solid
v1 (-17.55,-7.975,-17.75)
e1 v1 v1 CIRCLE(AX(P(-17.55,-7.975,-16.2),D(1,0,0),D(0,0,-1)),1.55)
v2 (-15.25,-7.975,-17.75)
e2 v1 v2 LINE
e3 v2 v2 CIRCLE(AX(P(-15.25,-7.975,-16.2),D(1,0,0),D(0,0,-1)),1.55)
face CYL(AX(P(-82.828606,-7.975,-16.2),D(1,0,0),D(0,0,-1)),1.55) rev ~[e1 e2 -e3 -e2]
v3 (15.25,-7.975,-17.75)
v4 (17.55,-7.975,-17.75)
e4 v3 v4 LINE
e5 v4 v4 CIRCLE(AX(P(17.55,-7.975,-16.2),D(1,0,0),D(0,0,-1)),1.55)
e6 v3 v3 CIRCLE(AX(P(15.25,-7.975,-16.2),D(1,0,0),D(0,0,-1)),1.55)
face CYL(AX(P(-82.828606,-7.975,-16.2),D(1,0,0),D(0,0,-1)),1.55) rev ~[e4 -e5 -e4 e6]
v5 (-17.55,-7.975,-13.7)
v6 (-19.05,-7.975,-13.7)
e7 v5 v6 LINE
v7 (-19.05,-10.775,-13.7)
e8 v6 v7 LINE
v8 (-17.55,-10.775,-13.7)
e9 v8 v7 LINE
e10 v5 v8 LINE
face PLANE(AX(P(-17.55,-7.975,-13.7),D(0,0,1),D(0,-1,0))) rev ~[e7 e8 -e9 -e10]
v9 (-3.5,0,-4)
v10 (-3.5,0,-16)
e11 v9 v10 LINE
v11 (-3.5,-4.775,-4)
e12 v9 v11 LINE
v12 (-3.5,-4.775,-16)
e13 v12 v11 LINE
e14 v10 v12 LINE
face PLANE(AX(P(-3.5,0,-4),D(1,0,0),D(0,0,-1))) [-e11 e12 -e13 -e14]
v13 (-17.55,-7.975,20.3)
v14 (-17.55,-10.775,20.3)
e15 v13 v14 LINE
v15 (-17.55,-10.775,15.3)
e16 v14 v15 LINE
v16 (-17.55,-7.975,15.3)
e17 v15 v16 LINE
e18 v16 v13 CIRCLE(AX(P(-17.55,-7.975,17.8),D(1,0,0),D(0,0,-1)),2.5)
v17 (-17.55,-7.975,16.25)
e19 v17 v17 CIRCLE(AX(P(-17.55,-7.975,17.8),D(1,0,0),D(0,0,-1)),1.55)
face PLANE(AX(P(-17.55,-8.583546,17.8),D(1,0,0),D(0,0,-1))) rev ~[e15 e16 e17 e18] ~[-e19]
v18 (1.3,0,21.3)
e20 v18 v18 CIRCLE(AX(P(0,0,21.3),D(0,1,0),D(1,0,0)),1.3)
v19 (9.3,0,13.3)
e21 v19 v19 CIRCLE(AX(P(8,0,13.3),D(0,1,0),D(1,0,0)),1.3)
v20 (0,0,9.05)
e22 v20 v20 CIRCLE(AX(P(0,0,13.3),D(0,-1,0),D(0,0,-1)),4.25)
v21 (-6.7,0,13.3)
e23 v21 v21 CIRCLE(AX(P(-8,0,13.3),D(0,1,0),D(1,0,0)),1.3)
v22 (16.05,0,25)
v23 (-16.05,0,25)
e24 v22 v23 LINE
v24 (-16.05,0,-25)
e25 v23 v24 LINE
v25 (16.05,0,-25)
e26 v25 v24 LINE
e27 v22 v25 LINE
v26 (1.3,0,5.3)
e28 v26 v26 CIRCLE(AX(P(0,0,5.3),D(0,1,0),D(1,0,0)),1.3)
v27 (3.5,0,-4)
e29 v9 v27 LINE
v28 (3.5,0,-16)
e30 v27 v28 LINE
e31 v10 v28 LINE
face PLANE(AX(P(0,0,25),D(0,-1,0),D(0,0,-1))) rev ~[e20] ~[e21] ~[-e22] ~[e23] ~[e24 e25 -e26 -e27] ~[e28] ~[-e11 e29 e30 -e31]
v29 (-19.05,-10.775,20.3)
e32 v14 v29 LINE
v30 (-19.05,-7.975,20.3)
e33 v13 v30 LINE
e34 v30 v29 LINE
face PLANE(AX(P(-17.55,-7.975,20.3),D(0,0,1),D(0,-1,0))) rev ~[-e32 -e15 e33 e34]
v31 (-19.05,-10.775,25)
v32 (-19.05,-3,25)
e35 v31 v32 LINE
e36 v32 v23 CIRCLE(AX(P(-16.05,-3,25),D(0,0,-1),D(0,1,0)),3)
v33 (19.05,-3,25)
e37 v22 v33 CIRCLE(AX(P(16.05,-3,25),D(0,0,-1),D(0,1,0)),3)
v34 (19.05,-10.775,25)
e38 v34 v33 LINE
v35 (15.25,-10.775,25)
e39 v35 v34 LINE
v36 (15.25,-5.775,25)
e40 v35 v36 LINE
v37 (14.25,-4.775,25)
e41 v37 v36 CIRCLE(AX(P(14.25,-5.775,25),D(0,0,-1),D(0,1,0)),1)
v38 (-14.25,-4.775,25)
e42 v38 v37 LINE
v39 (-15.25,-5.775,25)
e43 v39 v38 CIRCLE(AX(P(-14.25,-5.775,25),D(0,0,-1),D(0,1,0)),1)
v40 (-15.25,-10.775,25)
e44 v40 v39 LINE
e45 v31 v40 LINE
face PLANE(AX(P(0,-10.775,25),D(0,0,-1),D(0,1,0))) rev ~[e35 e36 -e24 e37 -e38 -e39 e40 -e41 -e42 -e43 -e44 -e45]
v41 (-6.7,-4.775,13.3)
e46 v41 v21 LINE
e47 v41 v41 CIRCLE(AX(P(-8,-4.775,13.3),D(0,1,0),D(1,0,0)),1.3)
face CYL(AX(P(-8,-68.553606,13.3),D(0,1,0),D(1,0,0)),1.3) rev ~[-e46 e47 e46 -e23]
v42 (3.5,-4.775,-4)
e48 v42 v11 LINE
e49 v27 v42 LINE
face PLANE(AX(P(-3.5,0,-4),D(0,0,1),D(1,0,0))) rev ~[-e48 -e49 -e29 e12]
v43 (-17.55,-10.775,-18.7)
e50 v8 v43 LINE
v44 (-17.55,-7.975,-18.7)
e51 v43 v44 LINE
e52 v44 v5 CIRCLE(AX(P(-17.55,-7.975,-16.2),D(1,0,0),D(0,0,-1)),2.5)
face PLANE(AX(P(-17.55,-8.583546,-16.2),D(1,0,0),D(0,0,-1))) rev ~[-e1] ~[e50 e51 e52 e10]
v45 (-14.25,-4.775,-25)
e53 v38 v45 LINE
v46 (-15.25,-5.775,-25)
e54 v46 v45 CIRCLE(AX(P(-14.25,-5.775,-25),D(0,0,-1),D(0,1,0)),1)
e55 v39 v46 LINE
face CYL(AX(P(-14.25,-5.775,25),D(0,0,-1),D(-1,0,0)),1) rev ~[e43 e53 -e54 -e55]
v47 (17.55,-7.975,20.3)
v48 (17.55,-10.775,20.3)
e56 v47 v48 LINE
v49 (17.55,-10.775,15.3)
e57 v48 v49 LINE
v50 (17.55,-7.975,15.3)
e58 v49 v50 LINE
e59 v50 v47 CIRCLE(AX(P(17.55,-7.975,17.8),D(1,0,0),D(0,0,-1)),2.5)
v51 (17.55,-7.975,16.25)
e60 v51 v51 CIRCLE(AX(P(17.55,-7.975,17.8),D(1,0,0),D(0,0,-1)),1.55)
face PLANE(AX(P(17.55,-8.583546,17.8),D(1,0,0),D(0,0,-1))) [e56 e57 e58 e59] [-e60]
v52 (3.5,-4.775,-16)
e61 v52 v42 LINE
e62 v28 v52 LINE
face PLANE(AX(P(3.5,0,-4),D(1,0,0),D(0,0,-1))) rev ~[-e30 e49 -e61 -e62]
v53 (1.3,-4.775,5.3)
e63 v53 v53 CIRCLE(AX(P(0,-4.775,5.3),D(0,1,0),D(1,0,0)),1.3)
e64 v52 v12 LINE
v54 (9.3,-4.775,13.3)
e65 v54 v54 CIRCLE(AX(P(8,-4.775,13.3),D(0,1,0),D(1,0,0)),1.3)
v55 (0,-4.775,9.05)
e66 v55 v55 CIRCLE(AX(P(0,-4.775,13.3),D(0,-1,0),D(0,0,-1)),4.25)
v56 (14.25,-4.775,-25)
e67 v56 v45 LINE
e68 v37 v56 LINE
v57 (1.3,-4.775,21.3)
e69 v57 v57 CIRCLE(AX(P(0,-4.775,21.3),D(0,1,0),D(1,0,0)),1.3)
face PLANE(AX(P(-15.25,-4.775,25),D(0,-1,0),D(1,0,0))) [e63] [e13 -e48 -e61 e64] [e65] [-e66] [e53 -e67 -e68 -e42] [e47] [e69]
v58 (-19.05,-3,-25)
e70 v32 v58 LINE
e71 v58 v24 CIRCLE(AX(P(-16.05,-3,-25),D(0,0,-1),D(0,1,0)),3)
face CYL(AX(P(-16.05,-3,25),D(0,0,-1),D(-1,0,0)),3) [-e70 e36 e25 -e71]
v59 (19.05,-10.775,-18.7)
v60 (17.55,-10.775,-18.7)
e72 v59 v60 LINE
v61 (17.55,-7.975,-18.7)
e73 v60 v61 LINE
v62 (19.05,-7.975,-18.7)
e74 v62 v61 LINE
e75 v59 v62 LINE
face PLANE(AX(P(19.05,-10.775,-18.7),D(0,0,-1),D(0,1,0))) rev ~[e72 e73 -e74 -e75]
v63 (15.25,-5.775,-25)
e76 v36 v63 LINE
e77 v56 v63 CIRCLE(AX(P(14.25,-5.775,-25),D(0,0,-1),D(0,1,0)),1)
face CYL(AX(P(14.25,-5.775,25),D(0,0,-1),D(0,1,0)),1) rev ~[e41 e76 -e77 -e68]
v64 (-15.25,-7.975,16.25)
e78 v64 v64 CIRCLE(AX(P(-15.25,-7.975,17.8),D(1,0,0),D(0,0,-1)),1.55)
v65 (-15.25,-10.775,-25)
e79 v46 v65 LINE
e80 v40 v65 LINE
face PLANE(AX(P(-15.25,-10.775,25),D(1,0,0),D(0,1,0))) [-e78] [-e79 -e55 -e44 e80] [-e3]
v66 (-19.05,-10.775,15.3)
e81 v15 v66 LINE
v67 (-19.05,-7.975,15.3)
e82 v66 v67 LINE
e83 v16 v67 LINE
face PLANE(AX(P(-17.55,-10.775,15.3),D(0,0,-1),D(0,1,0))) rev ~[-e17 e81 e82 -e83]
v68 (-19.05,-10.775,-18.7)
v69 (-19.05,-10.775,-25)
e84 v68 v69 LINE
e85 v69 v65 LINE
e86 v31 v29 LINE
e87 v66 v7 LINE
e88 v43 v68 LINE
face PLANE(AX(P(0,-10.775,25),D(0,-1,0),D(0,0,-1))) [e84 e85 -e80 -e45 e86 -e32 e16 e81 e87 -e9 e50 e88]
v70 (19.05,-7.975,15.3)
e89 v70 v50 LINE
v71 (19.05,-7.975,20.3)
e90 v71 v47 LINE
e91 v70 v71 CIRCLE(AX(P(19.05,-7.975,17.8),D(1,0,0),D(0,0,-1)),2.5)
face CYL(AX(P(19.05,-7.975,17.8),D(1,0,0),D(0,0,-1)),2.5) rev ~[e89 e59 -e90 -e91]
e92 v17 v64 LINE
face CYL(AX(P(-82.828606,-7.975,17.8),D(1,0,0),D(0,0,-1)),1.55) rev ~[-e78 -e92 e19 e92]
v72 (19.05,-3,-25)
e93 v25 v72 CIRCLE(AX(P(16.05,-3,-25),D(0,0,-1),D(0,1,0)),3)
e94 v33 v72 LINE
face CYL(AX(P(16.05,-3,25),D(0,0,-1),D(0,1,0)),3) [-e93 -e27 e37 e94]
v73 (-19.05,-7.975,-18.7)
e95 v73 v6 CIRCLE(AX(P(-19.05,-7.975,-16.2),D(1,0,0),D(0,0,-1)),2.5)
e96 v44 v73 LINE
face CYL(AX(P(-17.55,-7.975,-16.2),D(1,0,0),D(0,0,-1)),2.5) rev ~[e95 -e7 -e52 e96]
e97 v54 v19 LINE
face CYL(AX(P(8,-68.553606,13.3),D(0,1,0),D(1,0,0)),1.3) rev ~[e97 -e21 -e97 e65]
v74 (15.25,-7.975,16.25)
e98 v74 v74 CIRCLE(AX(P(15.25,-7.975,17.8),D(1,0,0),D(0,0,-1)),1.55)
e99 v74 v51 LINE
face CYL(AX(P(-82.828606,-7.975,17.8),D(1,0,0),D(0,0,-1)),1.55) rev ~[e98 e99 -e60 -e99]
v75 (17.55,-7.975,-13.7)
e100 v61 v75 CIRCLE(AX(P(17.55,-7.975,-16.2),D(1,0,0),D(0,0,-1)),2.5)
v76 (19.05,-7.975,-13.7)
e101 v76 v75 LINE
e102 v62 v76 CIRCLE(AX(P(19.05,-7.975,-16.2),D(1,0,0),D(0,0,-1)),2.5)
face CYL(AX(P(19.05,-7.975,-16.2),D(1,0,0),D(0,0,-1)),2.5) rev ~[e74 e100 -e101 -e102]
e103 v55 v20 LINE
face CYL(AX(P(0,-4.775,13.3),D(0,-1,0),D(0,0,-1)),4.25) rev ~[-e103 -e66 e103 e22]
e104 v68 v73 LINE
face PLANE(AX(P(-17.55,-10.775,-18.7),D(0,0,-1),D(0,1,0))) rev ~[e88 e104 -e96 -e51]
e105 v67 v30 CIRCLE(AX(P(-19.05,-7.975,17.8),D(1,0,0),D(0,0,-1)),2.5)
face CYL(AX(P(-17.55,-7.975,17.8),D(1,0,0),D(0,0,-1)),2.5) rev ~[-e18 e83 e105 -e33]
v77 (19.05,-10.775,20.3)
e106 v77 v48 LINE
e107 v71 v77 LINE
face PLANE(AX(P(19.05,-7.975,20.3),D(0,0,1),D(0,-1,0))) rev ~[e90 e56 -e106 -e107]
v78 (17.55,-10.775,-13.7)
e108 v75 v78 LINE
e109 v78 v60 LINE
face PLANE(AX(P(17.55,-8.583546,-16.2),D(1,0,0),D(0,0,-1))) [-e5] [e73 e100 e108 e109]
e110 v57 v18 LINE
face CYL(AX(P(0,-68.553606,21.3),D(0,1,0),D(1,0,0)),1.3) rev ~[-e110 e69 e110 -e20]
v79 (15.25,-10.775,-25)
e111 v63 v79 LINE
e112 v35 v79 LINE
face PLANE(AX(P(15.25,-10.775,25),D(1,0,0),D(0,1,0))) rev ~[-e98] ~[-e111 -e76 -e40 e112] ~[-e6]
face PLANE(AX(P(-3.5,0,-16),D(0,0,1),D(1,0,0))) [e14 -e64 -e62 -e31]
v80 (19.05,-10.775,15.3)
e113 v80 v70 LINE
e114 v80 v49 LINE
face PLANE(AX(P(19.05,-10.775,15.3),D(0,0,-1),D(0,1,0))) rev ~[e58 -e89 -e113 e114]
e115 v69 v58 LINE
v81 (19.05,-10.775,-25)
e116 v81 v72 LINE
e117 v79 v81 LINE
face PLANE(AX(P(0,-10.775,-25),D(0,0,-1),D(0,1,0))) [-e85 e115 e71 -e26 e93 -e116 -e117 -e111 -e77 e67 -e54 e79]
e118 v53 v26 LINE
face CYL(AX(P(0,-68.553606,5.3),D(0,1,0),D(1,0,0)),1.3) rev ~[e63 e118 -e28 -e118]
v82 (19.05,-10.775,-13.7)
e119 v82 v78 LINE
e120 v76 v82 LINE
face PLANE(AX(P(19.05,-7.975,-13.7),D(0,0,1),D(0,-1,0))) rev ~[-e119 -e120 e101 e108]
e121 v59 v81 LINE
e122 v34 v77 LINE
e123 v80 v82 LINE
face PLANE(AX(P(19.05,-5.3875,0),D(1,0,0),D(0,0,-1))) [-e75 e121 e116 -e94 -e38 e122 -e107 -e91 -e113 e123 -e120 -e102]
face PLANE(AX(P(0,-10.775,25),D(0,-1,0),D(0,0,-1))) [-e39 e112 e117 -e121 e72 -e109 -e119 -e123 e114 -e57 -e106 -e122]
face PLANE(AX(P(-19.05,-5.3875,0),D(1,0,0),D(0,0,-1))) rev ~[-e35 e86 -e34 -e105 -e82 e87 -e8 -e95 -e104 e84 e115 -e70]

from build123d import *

# Parameters (mm, degrees)
SKETCH1_W              = 50
SKETCH1_H              = 10.775
BOSS_EXTRUDE1_DEPTH    = 19.05
SKETCH2_W              = 30.5
SKETCH2_H              = 6
CUT_EXTRUDE1_DEPTH     = 55.580244824
SKETCH3_R              = 4.25
CUT_EXTRUDE2_DEPTH     = 32.998476526
M2_CLEARANCE_HOLE1_D   = 2.6
M2_5_CLEARANCE_HOLE1_D = 3.1
CUT_EXTRUDE3_DEPTH     = 1.5
CUT_EXTRUDE4_START     = -36.6
CUT_EXTRUDE4_DEPTH     = 1.5
FILLET1_R              = 1
FILLET2_R              = 3
SKETCH9_W              = 7
SKETCH9_H              = 12
CUT_EXTRUDE5_DEPTH     = 34.226542477


with BuildPart() as part:
    # Sketch1 → Boss-Extrude1 (new, symmetric)
    with BuildSketch(Plane(origin=(0, 0, 0), x_dir=(0, 0, -1), z_dir=(1, 0, 0))):
        with Locations((0, -5.3875)):
            Rectangle(SKETCH1_W, SKETCH1_H)
    extrude(amount=BOSS_EXTRUDE1_DEPTH, both=True)

    # Sketch2 → Cut-Extrude1 (cut, through all)
    with BuildSketch(Plane.XY.offset(25)):
        with Locations((0, -7.775)):
            Rectangle(SKETCH2_W, SKETCH2_H)
    extrude(amount=-CUT_EXTRUDE1_DEPTH, mode=Mode.SUBTRACT)

    # Sketch3 → Cut-Extrude2 (cut, through all)
    with BuildSketch(Plane.XZ.offset(4.775)):
        with Locations(Location((0, 13.3, 0), (0, 0, 270))):
            Circle(SKETCH3_R)
    extrude(amount=-CUT_EXTRUDE2_DEPTH, mode=Mode.SUBTRACT)

    # M2 Clearance Hole1 (through all)
    with Locations(Plane(origin=(0, -4.775, 0), x_dir=(-1, 0, 0), z_dir=(0, -1, 0))):
        with Locations((8, -13.3), (0, -21.3), (-8, -13.3), (0, -5.3)):
            Hole(M2_CLEARANCE_HOLE1_D / 2)

    # M2.5 Clearance Hole1 (through all)
    with Locations(Plane.ZY.offset(19.05)):
        with Locations((-16.2, -7.975), (17.8, -7.975)):
            Hole(M2_5_CLEARANCE_HOLE1_D / 2)

    # Sketch8 → Cut-Extrude3 (cut)
    with BuildSketch(Plane(origin=(19.05, 0, 0), x_dir=(0, 0, -1), z_dir=(1, 0, 0))):
        with BuildLine():
            Line((-20.3, -7.975), (-20.3, -10.775))
            Line((-20.3, -10.775), (-15.3, -10.775))
            Line((-15.3, -10.775), (-15.3, -7.975))
            ThreePointArc((-15.3, -7.975), (-17.8, -5.475), (-20.3, -7.975))
        make_face()
        with BuildLine():
            Line((13.7, -7.975), (13.7, -10.775))
            Line((13.7, -10.775), (18.7, -10.775))
            Line((18.7, -10.775), (18.7, -7.975))
            ThreePointArc((18.7, -7.975), (16.2, -5.475), (13.7, -7.975))
        make_face()
    extrude(amount=-CUT_EXTRUDE3_DEPTH, mode=Mode.SUBTRACT)

    # Sketch8<2> → Cut-Extrude4 (cut)
    with BuildSketch(Plane(origin=(19.05, 0, 0), x_dir=(0, 0, -1), z_dir=(1, 0, 0)).offset(CUT_EXTRUDE4_START)):
        with BuildLine():
            Line((-20.3, -7.975), (-20.3, -10.775))
            Line((-20.3, -10.775), (-15.3, -10.775))
            Line((-15.3, -10.775), (-15.3, -7.975))
            ThreePointArc((-15.3, -7.975), (-17.8, -5.475), (-20.3, -7.975))
        make_face()
        with BuildLine():
            Line((13.7, -7.975), (13.7, -10.775))
            Line((13.7, -10.775), (18.7, -10.775))
            Line((18.7, -10.775), (18.7, -7.975))
            ThreePointArc((18.7, -7.975), (16.2, -5.475), (13.7, -7.975))
        make_face()
    extrude(amount=-CUT_EXTRUDE4_DEPTH, mode=Mode.SUBTRACT)

    # Fillet1
    fillet1_edges = [part.edges().sort_by_distance(p)[0] for p in [
        (-15.25, -4.775, 0),
        (15.25, -4.775, 0),
    ]]
    fillet(fillet1_edges, radius=FILLET1_R)

    # Fillet2
    fillet2_edges = [part.edges().sort_by_distance(p)[0] for p in [
        (19.05, 0, 0),
        (-19.05, 0, 0),
    ]]
    fillet(fillet2_edges, radius=FILLET2_R)

    # Sketch9 → Cut-Extrude5 (cut, through all)
    with BuildSketch(Plane(origin=(0, 0, 0), x_dir=(1, 0, 0), z_dir=(0, 1, 0))):
        with Locations((0, 10)):
            Rectangle(SKETCH9_W, SKETCH9_H)
    extrude(amount=-CUT_EXTRUDE5_DEPTH, mode=Mode.SUBTRACT)


solid = part.part
